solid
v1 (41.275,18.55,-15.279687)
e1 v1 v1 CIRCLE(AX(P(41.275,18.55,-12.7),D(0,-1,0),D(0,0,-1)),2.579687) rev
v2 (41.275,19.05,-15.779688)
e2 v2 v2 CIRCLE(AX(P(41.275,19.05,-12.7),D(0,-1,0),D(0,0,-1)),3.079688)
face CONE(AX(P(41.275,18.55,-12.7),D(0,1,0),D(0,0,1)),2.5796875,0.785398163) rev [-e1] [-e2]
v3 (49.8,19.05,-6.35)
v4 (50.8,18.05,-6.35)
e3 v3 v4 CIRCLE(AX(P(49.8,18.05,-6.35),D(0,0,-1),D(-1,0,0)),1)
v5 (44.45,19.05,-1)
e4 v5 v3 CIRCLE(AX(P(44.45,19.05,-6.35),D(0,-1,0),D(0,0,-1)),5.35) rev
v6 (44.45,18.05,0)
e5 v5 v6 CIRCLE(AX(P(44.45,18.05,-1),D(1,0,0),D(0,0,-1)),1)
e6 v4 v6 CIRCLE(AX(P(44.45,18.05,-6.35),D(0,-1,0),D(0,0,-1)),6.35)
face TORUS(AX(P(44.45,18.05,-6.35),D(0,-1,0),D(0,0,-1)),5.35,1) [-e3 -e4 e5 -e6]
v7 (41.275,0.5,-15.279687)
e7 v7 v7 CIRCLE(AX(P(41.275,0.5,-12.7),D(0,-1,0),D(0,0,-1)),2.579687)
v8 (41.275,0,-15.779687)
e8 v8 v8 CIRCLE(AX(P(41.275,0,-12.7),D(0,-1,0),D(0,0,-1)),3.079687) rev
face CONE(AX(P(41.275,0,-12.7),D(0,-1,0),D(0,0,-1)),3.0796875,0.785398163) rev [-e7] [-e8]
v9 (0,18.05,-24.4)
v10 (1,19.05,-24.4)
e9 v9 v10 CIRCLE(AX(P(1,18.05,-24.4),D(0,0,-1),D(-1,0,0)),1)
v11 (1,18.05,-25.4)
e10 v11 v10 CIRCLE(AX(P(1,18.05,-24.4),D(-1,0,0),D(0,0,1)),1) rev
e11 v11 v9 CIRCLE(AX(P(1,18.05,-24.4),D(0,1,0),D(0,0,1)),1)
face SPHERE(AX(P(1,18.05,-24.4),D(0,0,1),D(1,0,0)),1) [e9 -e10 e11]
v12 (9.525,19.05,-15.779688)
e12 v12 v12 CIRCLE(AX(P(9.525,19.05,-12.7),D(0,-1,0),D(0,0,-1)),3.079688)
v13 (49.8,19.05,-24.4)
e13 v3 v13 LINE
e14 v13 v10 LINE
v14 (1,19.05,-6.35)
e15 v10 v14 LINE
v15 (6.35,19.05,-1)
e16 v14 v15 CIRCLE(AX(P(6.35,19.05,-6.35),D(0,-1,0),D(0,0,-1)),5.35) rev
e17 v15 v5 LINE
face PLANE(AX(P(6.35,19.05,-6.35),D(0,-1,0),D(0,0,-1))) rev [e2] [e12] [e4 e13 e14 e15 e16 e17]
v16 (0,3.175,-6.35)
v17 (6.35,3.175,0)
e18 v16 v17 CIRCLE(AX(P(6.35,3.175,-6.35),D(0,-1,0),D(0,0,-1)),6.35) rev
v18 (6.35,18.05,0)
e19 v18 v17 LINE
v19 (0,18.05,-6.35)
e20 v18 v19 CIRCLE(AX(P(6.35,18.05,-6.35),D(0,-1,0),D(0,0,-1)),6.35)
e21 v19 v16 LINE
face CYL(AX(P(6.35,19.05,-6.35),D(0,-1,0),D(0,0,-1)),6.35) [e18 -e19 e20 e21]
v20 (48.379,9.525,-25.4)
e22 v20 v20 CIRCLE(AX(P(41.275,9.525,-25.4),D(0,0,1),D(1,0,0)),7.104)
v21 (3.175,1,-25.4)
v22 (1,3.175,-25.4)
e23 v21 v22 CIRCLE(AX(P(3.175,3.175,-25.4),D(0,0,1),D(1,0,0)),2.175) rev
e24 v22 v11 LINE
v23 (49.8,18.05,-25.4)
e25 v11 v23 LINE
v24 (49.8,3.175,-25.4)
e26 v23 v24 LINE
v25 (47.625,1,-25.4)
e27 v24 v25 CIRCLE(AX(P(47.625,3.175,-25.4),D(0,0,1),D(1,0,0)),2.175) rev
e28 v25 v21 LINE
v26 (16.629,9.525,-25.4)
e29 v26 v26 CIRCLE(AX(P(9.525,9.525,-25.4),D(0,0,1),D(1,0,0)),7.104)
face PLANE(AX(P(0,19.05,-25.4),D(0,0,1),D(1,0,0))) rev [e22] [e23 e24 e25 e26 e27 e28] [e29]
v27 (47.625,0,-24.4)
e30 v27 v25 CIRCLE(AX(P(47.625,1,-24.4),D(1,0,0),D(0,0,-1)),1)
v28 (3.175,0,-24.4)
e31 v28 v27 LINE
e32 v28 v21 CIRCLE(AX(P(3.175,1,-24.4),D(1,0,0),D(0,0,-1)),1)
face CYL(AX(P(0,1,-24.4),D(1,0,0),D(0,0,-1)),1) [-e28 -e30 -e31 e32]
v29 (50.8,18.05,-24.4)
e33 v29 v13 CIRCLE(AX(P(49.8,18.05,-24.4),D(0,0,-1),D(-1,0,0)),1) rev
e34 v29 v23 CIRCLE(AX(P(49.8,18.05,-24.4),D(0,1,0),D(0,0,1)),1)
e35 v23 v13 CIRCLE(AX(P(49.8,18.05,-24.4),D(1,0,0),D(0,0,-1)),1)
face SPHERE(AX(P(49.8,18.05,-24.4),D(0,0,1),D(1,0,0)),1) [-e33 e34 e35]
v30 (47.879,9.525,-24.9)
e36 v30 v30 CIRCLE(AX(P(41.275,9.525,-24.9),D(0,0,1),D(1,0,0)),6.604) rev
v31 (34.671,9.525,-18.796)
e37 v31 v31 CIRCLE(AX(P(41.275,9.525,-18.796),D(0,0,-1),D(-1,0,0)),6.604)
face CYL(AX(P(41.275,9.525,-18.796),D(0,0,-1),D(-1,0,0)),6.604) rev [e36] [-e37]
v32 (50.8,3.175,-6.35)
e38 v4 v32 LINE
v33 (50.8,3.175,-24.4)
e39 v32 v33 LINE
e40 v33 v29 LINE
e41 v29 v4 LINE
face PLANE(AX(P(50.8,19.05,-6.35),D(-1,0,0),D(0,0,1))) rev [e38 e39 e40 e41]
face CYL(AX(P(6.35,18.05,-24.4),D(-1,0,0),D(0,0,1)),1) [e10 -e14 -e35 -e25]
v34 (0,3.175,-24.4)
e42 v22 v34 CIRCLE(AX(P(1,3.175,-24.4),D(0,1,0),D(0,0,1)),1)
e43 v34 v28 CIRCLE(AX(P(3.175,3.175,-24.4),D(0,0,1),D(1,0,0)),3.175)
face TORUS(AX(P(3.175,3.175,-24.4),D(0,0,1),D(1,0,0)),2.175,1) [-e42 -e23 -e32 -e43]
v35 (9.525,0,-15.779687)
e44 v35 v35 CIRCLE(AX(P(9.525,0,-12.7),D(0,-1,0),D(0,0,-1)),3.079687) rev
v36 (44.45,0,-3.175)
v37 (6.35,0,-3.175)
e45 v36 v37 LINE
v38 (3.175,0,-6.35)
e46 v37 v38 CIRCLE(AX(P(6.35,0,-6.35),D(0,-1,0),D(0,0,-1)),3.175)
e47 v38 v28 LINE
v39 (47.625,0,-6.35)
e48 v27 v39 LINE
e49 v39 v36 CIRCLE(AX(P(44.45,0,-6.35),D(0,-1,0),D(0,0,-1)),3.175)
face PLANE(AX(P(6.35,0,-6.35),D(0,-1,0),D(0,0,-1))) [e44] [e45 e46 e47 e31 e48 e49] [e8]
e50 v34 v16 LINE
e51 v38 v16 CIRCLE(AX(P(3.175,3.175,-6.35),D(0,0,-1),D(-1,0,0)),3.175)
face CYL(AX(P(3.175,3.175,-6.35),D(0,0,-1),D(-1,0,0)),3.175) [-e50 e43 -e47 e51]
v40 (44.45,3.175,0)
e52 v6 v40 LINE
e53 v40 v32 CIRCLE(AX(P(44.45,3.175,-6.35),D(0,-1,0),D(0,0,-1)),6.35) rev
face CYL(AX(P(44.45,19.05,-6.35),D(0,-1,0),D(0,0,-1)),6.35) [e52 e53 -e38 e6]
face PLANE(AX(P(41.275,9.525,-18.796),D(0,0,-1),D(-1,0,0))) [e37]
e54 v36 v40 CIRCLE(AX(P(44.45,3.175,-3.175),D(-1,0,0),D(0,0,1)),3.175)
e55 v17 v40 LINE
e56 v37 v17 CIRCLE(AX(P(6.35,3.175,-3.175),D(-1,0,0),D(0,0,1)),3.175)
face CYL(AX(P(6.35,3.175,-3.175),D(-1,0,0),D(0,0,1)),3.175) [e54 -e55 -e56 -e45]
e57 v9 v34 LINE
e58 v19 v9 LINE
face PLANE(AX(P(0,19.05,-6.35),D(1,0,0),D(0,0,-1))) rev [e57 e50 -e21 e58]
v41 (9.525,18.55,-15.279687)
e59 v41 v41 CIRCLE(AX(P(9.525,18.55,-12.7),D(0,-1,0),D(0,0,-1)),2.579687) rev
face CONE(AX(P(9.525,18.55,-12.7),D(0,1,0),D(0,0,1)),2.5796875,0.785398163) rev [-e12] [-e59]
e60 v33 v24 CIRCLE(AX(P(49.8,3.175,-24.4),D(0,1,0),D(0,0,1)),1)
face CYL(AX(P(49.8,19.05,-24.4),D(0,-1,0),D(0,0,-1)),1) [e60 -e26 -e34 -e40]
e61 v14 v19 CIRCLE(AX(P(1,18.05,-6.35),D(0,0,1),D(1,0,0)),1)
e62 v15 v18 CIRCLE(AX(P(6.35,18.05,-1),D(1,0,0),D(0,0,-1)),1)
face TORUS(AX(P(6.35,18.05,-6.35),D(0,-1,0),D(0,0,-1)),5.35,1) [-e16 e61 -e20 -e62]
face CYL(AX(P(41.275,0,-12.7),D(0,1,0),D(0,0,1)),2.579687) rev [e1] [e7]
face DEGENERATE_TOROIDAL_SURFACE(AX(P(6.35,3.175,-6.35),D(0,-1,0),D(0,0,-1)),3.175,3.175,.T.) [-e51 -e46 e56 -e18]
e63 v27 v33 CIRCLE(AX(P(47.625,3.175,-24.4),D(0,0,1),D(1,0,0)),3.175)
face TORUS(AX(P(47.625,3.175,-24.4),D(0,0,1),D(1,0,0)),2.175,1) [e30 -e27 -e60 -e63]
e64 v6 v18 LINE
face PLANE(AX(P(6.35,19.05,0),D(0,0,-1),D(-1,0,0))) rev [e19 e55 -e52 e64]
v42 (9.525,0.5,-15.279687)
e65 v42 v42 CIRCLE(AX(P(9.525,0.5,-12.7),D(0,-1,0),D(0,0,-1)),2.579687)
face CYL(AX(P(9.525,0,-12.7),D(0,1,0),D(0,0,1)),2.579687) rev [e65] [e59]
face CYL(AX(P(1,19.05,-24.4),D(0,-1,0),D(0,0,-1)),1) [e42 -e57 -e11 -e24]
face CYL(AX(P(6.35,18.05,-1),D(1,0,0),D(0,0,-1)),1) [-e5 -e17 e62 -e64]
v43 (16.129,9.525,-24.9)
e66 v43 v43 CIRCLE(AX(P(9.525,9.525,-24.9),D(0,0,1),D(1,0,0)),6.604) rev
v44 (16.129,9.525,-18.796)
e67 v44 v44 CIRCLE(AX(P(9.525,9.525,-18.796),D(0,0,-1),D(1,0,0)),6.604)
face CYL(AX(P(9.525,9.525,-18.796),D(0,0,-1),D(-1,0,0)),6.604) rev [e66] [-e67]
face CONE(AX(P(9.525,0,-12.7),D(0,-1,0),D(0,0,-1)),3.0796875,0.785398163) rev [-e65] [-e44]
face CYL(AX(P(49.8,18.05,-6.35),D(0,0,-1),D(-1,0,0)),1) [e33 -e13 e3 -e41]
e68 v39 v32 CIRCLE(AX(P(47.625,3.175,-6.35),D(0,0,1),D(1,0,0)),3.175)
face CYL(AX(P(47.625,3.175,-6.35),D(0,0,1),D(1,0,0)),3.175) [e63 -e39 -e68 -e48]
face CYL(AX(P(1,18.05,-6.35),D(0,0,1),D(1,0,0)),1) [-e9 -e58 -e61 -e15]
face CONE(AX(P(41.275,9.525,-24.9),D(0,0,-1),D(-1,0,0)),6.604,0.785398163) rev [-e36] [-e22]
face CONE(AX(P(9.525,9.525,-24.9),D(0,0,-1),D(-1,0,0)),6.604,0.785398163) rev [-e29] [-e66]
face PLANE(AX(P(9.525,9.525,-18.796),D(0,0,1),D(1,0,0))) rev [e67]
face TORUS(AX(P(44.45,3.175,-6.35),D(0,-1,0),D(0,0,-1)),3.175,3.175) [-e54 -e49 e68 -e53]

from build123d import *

# Parameters (mm, degrees)
BOSS_EXTRUDE1_DEPTH = 19.05
SKETCH2_R           = 2.5796875
CUT_EXTRUDE1_DEPTH  = 20.05
SKETCH3_R           = 6.604
CUT_EXTRUDE2_DEPTH  = 6.604
CHAMFER1_SIZE       = 0.5
FILLET1_R           = 3.175
FILLET2_R           = 1


with BuildPart() as part:
    # Sketch1 → Boss-Extrude1 (new body)
    with BuildSketch(Plane(origin=(0, 0, 0), x_dir=(1, 0, 0), z_dir=(0, 1, 0))):
        with BuildLine():
            Line((6.35, 0), (44.45, 0))
            ThreePointArc((44.45, 0), (48.940128061, 1.859871939), (50.8, 6.35))
            Line((50.8, 6.35), (50.8, 25.4))
            Line((50.8, 25.4), (0, 25.4))
            Line((0, 25.4), (0, 6.35))
            ThreePointArc((0, 6.35), (1.859871939, 1.859871939), (6.35, 0))
        make_face()
    extrude(amount=BOSS_EXTRUDE1_DEPTH)

    # Sketch2 → Cut-Extrude1 (cut, through all)
    with BuildSketch(Plane(origin=(0, 19.05, 0), x_dir=(1, 0, 0), z_dir=(0, 1, 0))):
        with Locations(Location((9.525, 12.7, 0), (0, 0, 270))):  # turned: the seam where the file's is
            Circle(SKETCH2_R)
        with Locations(Location((41.275, 12.7, 0), (0, 0, 90))):  # turned: the seam where the file's is
            Circle(SKETCH2_R)
    extrude(amount=-CUT_EXTRUDE1_DEPTH, mode=Mode.SUBTRACT)

    # Sketch3 → Cut-Extrude2 (cut)
    with BuildSketch(Plane(origin=(0, 0, -25.4), x_dir=(-1, 0, 0), z_dir=(0, 0, -1))):
        with Locations((-41.275, 9.525)):
            Circle(SKETCH3_R)
        with Locations(Location((-9.525, 9.525, 0), (0, 0, 180))):  # turned: the seam where the file's is
            Circle(SKETCH3_R)
    extrude(amount=-CUT_EXTRUDE2_DEPTH, mode=Mode.SUBTRACT)

    # Chamfer1
    chamfer1_edges = [part.edges().sort_by_distance(p)[0] for p in [
        (9.525, 0, -15.2796875),
        (9.525, 19.05, -15.2796875),
        (41.275, 0, -10.1203125),
        (41.275, 19.05, -10.1203125),
        (47.879, 9.525, -25.4),
        (2.921, 9.525, -25.4),
    ]]
    chamfer(chamfer1_edges, length=CHAMFER1_SIZE)

    # Fillet1
    fillet1_edges = [part.edges().sort_by_distance(p)[0] for p in [
        (48.940128061, 0, -1.859871939),
        (25.4, 0, 0),
        (1.859871939, 0, -1.859871939),
        (0, 0, -15.875),
        (50.8, 0, -15.875),
    ]]
    fillet(fillet1_edges, radius=FILLET1_R)

    # Fillet2
    fillet2_edges = [part.edges().sort_by_distance(p)[0] for p in [
        (0, 19.05, -15.875),
        (0, 11.1125, -25.4),
        (50.8, 11.1125, -25.4),
        (1.859871939, 19.05, -1.859871939),
        (25.4, 19.05, 0),
        (48.940128061, 19.05, -1.859871939),
        (50.8, 19.05, -15.875),
        (25.4, 0, -25.4),
        (49.87006403, 0.92993597, -25.4),
        (0.92993597, 0.92993597, -25.4),
        (25.4, 19.05, -25.4),
    ]]
    fillet(fillet2_edges, radius=FILLET2_R)


solid = part.part
